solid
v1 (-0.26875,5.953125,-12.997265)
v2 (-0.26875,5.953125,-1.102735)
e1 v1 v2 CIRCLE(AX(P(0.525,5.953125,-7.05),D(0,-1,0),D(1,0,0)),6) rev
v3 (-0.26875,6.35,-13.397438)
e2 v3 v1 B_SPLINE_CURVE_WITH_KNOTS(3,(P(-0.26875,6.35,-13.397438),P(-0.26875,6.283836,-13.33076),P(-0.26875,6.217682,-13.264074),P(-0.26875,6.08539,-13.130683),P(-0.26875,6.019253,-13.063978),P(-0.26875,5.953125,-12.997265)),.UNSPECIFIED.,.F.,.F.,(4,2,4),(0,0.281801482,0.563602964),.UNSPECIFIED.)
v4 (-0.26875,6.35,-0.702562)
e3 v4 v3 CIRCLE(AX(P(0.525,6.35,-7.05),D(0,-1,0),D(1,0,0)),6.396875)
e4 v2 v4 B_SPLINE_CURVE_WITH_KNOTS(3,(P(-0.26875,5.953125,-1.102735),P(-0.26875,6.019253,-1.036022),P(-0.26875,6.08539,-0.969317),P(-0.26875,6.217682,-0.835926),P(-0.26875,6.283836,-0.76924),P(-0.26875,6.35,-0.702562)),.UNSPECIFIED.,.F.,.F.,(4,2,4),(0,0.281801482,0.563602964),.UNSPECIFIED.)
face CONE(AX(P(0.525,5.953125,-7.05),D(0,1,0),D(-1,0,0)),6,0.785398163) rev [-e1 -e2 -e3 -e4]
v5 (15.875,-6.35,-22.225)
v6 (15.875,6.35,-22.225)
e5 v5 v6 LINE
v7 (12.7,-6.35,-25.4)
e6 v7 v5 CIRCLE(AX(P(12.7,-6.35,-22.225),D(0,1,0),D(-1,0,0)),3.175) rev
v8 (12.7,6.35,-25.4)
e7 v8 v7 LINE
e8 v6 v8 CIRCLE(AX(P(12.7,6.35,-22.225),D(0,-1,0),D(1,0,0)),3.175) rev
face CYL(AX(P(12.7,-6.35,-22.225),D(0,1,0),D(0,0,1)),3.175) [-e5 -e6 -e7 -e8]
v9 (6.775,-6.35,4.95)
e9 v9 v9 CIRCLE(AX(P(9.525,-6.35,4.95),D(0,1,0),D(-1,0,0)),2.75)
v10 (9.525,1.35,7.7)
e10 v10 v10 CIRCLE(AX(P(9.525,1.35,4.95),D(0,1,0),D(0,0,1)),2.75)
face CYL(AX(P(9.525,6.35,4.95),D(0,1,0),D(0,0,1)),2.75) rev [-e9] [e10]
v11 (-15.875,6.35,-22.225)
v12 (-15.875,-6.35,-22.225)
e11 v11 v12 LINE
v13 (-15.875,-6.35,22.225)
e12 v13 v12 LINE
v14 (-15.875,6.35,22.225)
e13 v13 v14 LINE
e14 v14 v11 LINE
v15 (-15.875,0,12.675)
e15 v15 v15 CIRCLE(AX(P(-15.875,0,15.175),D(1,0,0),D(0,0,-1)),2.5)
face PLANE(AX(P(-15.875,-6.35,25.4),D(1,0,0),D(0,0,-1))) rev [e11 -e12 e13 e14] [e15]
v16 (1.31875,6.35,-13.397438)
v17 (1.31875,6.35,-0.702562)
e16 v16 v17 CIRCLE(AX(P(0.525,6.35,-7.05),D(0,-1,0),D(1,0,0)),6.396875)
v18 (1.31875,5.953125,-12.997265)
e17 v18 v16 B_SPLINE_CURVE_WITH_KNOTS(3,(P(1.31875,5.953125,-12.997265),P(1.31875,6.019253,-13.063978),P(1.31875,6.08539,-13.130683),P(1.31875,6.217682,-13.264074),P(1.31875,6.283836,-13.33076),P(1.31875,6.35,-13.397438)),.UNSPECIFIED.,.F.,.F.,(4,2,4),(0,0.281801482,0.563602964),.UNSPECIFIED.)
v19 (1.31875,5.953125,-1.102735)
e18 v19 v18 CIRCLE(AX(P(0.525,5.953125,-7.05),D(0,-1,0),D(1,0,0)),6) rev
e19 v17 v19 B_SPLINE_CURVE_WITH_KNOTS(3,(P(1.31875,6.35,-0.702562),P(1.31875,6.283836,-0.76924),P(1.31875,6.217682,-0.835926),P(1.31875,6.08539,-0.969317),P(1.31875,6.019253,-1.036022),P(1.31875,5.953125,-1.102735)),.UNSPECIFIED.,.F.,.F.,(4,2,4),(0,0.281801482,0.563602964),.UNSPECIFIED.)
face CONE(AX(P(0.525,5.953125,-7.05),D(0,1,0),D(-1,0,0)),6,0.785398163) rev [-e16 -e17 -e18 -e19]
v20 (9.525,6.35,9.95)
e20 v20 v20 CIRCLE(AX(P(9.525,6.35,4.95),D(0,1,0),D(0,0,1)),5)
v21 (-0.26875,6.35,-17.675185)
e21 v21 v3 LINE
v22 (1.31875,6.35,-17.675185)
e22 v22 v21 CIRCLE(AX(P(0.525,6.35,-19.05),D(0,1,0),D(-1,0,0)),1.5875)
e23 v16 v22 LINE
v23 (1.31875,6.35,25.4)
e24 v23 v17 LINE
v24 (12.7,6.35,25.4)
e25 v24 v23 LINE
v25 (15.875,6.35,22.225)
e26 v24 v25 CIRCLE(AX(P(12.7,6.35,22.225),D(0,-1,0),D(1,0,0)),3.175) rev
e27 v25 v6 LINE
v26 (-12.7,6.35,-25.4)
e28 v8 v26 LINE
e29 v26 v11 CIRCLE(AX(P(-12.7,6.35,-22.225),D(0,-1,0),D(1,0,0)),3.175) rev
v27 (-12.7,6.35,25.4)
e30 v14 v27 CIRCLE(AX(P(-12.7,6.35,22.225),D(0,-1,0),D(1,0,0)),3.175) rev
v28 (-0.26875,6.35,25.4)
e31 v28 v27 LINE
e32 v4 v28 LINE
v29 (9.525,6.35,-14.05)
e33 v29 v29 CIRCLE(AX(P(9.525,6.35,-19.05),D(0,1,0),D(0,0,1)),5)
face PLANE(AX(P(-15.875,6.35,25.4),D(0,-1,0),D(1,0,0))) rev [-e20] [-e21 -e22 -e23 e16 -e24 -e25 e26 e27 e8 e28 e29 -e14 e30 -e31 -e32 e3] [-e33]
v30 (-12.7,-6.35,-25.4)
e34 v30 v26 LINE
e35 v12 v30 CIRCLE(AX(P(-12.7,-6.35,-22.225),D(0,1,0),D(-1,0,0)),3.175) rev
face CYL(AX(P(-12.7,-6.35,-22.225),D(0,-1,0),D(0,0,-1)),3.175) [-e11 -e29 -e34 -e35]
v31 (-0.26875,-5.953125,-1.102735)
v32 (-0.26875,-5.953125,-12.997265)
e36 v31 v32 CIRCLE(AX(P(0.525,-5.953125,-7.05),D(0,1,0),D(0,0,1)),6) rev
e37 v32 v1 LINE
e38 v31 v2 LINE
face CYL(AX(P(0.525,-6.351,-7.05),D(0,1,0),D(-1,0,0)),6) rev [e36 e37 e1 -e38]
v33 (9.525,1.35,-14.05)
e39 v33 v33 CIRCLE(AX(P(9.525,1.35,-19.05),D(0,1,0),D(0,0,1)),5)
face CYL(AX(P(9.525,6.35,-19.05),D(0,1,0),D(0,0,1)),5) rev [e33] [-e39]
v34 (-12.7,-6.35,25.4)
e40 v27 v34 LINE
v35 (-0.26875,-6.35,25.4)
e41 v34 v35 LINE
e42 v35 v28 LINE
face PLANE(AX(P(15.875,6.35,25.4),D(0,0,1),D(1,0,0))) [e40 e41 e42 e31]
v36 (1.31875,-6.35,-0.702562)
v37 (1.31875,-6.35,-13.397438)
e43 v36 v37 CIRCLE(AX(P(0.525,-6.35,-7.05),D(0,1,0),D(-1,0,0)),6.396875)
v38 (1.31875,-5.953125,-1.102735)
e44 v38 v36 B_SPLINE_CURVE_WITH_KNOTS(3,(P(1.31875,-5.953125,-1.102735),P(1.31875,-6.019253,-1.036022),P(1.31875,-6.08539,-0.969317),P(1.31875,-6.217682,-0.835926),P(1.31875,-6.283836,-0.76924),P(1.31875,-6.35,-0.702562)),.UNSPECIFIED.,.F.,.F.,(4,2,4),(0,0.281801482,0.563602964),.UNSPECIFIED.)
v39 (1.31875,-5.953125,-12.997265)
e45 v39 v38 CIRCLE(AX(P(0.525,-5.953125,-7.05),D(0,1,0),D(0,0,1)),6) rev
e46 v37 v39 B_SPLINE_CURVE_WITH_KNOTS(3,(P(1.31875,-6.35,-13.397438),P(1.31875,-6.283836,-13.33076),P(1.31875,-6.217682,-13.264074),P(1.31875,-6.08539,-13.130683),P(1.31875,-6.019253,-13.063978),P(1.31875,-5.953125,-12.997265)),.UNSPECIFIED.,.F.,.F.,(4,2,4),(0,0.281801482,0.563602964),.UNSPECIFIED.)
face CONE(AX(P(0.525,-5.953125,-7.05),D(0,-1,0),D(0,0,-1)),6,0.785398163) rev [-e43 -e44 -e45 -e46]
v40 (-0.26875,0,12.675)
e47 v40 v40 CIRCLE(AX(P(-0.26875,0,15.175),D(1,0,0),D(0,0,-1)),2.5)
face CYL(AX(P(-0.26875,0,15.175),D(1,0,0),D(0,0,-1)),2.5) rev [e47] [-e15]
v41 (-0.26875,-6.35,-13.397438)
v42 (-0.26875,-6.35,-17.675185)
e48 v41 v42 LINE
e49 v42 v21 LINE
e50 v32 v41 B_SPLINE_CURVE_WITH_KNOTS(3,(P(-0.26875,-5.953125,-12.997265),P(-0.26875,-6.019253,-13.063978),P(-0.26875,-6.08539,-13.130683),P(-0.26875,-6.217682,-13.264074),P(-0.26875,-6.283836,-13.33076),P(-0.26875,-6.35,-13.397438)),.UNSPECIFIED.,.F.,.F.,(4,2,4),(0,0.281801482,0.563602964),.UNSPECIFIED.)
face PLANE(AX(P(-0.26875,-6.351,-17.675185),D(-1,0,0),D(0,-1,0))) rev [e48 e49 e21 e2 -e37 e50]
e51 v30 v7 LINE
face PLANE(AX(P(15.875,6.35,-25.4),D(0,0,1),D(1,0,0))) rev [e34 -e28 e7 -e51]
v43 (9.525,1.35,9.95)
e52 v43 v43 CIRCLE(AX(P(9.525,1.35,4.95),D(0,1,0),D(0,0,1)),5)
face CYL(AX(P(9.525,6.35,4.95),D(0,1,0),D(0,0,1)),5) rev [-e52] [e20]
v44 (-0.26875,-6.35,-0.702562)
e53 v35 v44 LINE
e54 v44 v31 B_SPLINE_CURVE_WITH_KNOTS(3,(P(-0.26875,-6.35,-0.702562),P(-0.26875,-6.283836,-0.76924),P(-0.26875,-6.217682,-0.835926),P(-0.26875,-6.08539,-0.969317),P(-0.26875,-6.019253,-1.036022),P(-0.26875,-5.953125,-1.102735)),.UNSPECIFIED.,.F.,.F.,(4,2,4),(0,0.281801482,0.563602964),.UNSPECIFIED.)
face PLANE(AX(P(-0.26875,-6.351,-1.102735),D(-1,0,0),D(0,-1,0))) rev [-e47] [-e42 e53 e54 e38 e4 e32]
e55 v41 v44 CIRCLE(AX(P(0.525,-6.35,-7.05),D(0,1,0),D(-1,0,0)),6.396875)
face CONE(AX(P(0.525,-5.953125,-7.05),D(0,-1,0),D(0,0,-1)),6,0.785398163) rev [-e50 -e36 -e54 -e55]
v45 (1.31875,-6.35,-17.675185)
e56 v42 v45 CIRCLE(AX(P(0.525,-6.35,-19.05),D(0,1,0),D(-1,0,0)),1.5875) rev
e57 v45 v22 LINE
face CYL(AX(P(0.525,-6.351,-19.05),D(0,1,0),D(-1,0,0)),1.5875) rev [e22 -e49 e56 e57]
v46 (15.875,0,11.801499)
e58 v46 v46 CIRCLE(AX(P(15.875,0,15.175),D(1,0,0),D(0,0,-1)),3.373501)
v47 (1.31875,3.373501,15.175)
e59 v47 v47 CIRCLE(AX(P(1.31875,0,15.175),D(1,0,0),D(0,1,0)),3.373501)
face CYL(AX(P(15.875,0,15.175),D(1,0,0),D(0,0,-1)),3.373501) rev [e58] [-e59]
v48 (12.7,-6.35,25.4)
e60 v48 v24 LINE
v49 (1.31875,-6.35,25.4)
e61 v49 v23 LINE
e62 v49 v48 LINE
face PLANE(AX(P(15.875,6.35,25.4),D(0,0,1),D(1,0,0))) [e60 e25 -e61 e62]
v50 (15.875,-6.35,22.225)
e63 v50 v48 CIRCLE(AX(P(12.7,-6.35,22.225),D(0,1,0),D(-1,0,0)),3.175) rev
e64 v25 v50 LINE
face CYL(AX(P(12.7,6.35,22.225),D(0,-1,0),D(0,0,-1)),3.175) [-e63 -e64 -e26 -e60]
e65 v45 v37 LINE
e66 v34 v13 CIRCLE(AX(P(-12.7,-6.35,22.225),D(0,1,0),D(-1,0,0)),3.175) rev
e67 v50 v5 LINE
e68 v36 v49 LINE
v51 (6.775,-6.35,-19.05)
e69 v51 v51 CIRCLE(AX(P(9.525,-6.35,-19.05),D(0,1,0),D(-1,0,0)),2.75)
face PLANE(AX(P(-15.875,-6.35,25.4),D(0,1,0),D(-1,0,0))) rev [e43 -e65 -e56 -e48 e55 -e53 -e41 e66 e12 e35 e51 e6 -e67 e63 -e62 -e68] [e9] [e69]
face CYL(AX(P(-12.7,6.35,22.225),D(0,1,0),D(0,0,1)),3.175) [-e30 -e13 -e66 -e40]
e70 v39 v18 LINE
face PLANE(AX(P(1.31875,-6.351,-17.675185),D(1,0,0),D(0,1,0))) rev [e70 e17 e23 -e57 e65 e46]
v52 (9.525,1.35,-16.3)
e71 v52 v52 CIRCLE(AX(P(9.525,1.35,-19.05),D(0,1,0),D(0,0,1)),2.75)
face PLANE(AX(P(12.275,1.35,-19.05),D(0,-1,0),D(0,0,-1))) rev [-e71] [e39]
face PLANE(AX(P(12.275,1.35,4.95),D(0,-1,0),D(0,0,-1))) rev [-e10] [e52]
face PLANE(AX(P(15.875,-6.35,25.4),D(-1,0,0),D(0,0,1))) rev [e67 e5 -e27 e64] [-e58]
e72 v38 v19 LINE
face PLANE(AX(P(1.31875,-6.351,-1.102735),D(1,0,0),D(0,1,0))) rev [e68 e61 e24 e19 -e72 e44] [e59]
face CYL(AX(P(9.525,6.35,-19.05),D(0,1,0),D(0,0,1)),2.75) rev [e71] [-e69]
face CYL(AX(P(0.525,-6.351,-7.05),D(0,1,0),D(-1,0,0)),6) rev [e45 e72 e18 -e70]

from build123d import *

# Parameters (mm, degrees)
SKETCH1_W                            = 12.7
SKETCH1_H                            = 31.75
EXTRUDE1_DEPTH                       = 25.4
CBORE_FOR_M5_SHCS1_D                 = 5.5
CBORE_FOR_M5_SHCS1_DEPTH             = 12.7
CBORE_FOR_M5_SHCS1_CBORE_D           = 10
CBORE_FOR_M5_SHCS1_CBORE_DEPTH       = 5
CUT_EXTRUDE1_REACH                   = 14.7
F_17_64_0_26563_DIAMETER_HOLE1_D     = 6.747002
F_17_64_0_26563_DIAMETER_HOLE1_DEPTH = 14.55625
M6X1_0_TAPPED_HOLE1_D                = 5
M6X1_0_TAPPED_HOLE1_DEPTH            = 15.60625
FILLET1_R                            = 3.175
CHAMFER1_SIZE                        = 0.396875


with BuildPart() as part:
    # Sketch1 → Extrude1 (new body, symmetric)
    with BuildSketch(Plane(origin=(0, 0, 0), x_dir=(0, 1, 0), z_dir=(0, 0, 1))):
        Rectangle(SKETCH1_W, SKETCH1_H)
    extrude(amount=EXTRUDE1_DEPTH, both=True)

    # CBORE for M5 SHCS1
    with Locations(Plane(origin=(0, 6.35, 0), x_dir=(-1, 0, 0), z_dir=(0, 1, 0))):
        with Locations((-9.525, -19.05), (-9.525, 4.95)):
            CounterBoreHole(CBORE_FOR_M5_SHCS1_D / 2, CBORE_FOR_M5_SHCS1_CBORE_D / 2, CBORE_FOR_M5_SHCS1_CBORE_DEPTH, depth=CBORE_FOR_M5_SHCS1_DEPTH)

    # Sketch4 → Cut-Extrude1 (cut, up to next)
    with BuildSketch(Plane(origin=(0, 6.35, 0), x_dir=(1, 0, 0), z_dir=(0, 1, 0)), mode=Mode.PRIVATE) as cut_extrude1_sk1:
        with BuildLine():
            Line((-0.26875, 17.675184671), (-0.26875, 12.997264996))
            ThreePointArc((-0.26875, 12.997264996), (-5.475, 7.05), (-0.26875, 1.102735004))
            Line((-0.26875, 1.102735004), (-0.26875, -25.4))
            Line((-0.26875, -25.4), (1.31875, -25.4))
            Line((1.31875, -25.4), (1.31875, 1.102735004))
            ThreePointArc((1.31875, 1.102735004), (6.525, 7.05), (1.31875, 12.997264996))
            Line((1.31875, 12.997264996), (1.31875, 17.675184671))
            ThreePointArc((1.31875, 17.675184671), (0.525, 20.6375), (-0.26875, 17.675184671))
        make_face()
    cut_extrude1_tool1 = extrude(cut_extrude1_sk1.sketch, amount=-CUT_EXTRUDE1_REACH, mode=Mode.PRIVATE) & part.part
    add(cut_extrude1_tool1.solids().sort_by_distance((0.525, 6.35, -3.20917))[0], mode=Mode.SUBTRACT)

    # 17/64 (0.26563) Diameter Hole1
    with Locations(Plane(origin=(15.875, 0, 0), x_dir=(0, 0, -1), z_dir=(1, 0, 0))):
        with Locations((-15.175, 0)):
            Hole(F_17_64_0_26563_DIAMETER_HOLE1_D / 2, depth=F_17_64_0_26563_DIAMETER_HOLE1_DEPTH)

    # M6x1.0 Tapped Hole1
    with Locations(Plane(origin=(-0.26875, 0, 0), x_dir=(0, 0, -1), z_dir=(1, 0, 0))):
        with Locations((-15.175, 0)):
            Hole(M6X1_0_TAPPED_HOLE1_D / 2, depth=M6X1_0_TAPPED_HOLE1_DEPTH)

    # Fillet1
    fillet1_edges = [part.edges().sort_by_distance(p)[0] for p in [
        (15.875, 0, 25.4),
        (15.875, 0, -25.4),
        (-15.875, 0, -25.4),
        (-15.875, 0, 25.4),
    ]]
    fillet(fillet1_edges, radius=FILLET1_R)

    # Chamfer1
    chamfer1_edges = [part.edges().sort_by_distance(p)[0] for p in [
        (-5.475, 6.35, -7.05),
        (6.525, 6.35, -7.05),
        (6.525, -6.35, -7.05),
        (-5.475, -6.35, -7.05),
    ]]
    chamfer(chamfer1_edges, length=CHAMFER1_SIZE)


solid = part.part
